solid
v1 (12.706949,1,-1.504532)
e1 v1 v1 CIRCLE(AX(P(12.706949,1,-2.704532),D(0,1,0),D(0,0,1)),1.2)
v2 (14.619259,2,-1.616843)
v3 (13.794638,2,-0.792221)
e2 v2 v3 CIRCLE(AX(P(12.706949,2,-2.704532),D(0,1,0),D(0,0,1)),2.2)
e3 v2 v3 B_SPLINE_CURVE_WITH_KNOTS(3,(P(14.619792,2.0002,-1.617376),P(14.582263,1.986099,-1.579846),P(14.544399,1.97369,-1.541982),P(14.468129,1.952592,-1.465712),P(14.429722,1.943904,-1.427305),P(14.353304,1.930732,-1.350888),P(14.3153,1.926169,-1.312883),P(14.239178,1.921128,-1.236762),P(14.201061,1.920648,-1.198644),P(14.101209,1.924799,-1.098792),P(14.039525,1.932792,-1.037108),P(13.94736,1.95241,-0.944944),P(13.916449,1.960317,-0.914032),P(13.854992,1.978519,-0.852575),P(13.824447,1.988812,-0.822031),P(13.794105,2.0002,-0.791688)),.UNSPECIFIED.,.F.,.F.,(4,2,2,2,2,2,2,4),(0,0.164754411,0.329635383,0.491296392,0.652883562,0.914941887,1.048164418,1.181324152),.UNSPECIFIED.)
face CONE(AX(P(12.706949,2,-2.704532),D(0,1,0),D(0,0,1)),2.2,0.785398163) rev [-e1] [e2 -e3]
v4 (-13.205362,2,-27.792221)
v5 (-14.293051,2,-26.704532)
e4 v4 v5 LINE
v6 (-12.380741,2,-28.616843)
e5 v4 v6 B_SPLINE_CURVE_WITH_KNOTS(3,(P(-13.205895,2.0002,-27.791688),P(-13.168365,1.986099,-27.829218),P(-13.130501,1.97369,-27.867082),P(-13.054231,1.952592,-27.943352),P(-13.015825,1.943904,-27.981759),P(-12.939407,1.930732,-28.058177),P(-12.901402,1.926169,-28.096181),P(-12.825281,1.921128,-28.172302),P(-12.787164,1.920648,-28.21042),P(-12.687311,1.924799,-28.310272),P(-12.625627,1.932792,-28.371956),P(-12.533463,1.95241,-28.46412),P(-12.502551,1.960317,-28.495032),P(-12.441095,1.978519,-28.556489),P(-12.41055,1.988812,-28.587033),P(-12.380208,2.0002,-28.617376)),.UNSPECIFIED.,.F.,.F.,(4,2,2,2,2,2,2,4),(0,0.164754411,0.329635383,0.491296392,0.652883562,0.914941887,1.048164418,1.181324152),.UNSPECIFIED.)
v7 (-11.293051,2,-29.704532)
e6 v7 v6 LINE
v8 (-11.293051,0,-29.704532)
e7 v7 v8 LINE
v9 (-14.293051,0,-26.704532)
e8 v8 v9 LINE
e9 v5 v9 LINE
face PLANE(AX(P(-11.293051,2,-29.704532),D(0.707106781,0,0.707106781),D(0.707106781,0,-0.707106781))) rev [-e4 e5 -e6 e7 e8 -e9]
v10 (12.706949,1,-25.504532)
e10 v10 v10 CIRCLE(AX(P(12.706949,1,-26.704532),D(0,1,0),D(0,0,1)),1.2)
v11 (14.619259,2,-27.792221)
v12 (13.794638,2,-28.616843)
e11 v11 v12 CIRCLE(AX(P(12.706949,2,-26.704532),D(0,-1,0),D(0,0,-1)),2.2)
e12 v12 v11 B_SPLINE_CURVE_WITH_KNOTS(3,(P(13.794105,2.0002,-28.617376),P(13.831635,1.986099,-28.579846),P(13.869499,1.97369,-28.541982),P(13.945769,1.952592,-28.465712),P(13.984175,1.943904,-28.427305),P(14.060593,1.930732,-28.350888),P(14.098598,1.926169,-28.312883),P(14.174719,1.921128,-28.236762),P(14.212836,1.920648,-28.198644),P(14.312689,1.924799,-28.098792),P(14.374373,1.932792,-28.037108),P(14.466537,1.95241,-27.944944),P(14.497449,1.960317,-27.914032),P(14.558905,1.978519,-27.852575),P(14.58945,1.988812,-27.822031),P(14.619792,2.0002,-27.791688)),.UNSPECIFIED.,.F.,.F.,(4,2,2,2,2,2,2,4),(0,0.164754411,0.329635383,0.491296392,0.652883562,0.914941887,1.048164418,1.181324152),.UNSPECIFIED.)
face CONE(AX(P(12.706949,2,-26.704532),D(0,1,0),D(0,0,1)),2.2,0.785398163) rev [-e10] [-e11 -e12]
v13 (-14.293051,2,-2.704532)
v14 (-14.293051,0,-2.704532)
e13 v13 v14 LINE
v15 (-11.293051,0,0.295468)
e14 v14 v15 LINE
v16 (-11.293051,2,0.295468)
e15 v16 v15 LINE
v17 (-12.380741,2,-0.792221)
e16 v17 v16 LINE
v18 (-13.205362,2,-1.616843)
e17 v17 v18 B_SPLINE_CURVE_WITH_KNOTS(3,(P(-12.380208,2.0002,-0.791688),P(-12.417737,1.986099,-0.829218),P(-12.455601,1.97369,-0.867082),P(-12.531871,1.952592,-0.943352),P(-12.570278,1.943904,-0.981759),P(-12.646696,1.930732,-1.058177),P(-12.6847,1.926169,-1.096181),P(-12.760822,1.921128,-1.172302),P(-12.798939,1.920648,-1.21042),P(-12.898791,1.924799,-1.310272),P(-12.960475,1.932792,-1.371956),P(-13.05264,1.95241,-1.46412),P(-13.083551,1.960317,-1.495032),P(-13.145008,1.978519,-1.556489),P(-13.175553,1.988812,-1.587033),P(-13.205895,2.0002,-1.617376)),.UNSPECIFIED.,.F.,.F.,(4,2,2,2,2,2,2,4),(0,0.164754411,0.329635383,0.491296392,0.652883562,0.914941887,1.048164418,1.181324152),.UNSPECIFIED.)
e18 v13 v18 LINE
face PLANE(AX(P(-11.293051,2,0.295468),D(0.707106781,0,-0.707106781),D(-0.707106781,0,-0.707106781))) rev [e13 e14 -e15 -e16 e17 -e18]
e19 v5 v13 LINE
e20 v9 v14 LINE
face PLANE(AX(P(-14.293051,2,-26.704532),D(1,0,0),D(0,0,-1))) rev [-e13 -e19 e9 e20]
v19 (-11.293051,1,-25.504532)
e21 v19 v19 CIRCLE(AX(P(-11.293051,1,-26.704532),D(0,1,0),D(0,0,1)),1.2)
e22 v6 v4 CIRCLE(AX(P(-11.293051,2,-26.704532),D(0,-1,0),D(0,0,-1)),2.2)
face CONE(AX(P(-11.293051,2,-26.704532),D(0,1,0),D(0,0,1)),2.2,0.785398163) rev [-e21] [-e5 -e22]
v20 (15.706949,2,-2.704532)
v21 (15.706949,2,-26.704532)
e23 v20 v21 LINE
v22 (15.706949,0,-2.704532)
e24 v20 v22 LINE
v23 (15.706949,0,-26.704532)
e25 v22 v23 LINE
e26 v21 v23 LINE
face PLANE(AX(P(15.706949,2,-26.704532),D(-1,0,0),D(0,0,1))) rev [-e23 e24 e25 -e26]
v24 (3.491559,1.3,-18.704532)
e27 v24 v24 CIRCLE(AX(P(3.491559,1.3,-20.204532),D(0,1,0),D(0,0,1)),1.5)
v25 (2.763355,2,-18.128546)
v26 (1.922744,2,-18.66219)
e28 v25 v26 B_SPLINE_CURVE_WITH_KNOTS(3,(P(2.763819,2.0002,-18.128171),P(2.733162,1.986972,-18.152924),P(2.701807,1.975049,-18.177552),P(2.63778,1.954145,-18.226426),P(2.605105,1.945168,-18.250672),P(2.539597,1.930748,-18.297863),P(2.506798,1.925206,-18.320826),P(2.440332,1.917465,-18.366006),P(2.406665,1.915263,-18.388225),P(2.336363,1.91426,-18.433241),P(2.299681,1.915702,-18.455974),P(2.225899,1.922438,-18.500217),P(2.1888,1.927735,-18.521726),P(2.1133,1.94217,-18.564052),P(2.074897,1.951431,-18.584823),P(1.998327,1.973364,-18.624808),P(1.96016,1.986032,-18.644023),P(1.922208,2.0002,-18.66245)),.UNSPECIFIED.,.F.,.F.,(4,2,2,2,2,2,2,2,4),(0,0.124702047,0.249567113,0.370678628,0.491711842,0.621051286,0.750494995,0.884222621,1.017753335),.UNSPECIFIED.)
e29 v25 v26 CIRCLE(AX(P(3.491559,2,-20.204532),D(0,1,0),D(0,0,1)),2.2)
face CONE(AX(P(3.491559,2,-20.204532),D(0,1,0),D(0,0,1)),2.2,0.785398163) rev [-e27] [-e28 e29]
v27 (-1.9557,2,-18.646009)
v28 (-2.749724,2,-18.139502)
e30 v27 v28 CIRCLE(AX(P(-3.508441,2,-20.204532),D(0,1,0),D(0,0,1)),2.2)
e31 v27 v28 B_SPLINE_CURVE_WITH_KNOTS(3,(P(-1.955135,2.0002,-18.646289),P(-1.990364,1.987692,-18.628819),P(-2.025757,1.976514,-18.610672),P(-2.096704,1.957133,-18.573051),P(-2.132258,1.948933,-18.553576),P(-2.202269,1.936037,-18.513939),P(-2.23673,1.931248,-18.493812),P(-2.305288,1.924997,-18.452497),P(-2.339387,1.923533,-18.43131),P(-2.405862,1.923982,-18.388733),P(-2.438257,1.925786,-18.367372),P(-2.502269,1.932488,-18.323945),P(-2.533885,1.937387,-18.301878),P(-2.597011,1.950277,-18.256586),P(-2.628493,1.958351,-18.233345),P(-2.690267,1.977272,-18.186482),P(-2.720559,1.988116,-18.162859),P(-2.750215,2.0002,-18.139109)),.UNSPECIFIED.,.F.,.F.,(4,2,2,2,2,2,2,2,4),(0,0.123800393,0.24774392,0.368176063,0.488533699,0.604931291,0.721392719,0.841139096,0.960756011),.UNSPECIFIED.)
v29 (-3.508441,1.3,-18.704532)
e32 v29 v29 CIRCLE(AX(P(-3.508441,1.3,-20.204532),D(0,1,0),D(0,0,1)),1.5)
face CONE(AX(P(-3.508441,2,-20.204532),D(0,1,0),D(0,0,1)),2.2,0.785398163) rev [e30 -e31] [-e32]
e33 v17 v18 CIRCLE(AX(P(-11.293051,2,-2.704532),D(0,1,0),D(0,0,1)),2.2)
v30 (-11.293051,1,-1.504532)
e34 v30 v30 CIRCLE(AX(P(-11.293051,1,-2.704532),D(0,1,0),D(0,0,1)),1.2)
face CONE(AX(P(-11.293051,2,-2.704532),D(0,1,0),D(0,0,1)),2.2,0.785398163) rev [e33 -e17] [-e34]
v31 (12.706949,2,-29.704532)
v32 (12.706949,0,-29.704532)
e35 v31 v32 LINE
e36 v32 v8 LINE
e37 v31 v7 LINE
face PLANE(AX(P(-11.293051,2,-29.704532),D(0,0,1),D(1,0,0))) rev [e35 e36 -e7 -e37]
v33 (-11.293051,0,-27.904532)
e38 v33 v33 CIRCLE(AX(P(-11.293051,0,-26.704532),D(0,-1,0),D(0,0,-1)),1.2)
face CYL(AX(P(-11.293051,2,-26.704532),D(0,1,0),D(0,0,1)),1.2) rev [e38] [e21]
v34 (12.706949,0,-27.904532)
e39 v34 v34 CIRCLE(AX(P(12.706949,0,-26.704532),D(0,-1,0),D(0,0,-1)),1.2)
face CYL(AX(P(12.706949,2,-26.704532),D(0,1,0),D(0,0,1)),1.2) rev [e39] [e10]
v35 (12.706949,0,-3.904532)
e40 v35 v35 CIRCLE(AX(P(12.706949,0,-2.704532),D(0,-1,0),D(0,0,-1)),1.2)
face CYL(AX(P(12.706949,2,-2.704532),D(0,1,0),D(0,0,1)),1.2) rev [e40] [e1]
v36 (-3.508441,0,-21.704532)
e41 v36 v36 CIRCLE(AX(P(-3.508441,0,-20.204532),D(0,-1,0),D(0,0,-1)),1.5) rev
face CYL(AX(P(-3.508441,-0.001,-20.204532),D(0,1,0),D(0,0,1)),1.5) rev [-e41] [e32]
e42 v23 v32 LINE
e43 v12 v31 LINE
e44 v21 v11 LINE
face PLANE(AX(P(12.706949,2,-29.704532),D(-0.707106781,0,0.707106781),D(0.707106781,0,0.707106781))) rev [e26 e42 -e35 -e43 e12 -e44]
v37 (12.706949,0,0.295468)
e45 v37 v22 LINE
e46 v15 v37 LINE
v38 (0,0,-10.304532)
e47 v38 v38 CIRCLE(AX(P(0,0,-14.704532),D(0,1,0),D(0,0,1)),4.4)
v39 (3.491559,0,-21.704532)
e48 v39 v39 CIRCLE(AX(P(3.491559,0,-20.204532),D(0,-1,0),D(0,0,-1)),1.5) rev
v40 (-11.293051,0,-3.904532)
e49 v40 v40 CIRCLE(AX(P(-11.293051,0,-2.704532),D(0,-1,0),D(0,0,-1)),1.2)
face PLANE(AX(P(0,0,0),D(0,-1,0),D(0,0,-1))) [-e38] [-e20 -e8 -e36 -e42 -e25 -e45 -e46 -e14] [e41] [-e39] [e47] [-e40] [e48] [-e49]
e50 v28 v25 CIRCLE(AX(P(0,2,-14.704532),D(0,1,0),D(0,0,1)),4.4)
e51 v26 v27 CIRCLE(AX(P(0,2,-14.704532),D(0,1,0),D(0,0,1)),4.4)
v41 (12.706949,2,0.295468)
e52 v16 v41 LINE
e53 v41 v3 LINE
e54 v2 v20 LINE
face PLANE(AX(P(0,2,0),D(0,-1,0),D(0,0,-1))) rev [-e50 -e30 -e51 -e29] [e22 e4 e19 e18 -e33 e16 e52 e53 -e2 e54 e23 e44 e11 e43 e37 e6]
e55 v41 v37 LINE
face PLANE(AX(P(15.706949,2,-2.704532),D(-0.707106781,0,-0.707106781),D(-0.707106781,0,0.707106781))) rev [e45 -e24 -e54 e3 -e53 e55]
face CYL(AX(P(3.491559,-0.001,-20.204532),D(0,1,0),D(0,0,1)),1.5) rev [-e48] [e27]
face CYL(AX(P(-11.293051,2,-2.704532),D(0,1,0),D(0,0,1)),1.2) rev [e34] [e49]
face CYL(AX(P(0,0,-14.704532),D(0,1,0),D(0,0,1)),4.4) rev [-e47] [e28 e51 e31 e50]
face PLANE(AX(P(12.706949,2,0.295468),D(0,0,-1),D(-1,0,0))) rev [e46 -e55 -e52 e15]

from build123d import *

# Parameters (mm, degrees)
BOSS_EXTRUDE1_DEPTH                             = 2
SKETCH2_R                                       = 4.4
CUT_EXTRUDE1_DEPTH                              = 34.661067402
CUT_EXTRUDE2_REACH                              = 35.661
SKETCH5_R                                       = 1.5
CSK_FOR_M2_FLAT_HEAD_MACHINE_SCREW1_D           = 2.4
CSK_FOR_M2_FLAT_HEAD_MACHINE_SCREW1_DEPTH       = 42.93
CSK_FOR_M2_FLAT_HEAD_MACHINE_SCREW1_CSINK_D     = 4.4
CSK_FOR_M2_FLAT_HEAD_MACHINE_SCREW1_CSINK_ANGLE = 90
CSK_FOR_M2_FLAT_HEAD_MACHINE_SCREW1_TIP         = 0.721032743
CSK_FOR_M2_FLAT_HEAD_MACHINE_SCREW2_D           = 2.4
CSK_FOR_M2_FLAT_HEAD_MACHINE_SCREW2_DEPTH       = 42.93
CSK_FOR_M2_FLAT_HEAD_MACHINE_SCREW2_CSINK_D     = 4.4
CSK_FOR_M2_FLAT_HEAD_MACHINE_SCREW2_CSINK_ANGLE = 90
CSK_FOR_M2_FLAT_HEAD_MACHINE_SCREW2_TIP         = 0.721032743


with BuildPart() as part:
    # Sketch1 → Boss-Extrude1 (new body)
    with BuildSketch(Plane(origin=(0, 0, 0), x_dir=(1, 0, 0), z_dir=(0, 1, 0))):
        Polygon((-11.293051345, 29.704532022), (12.706948655, 29.704532022), (15.706948655, 26.704532022), (15.706948655, 2.704532022), (12.706948655, -0.295467978), (-11.293051345, -0.295467978), (-14.293051345, 2.704532022), (-14.293051345, 26.704532022), align=None)
    extrude(amount=BOSS_EXTRUDE1_DEPTH)

    # Sketch2 → Cut-Extrude1 (cut, through all)
    with BuildSketch(Plane(origin=(0, 2, 0), x_dir=(1, 0, 0), z_dir=(0, 1, 0))):
        with Locations(Location((0, 14.704532022, 0), (0, 0, 270))):
            Circle(SKETCH2_R)
    extrude(amount=-CUT_EXTRUDE1_DEPTH, mode=Mode.SUBTRACT)

    # Sketch5 → Cut-Extrude2 (cut, up to next)
    with BuildSketch(Plane(origin=(0, 2, 0), x_dir=(1, 0, 0), z_dir=(0, 1, 0)), mode=Mode.PRIVATE) as cut_extrude2_sk1:
        with Locations(Location((-3.508440786, 20.204532022, 0), (0, 0, 270))):
            Circle(SKETCH5_R)
    cut_extrude2_tool1 = extrude(cut_extrude2_sk1.sketch, amount=-CUT_EXTRUDE2_REACH, mode=Mode.PRIVATE) & part.part
    # Sketch5 → Cut-Extrude2 (cut, up to next)
    with BuildSketch(Plane(origin=(0, 2, 0), x_dir=(1, 0, 0), z_dir=(0, 1, 0)), mode=Mode.PRIVATE) as cut_extrude2_sk2:
        with Locations(Location((3.491559214, 20.204532022, 0), (0, 0, 270))):
            Circle(SKETCH5_R)
    cut_extrude2_tool2 = extrude(cut_extrude2_sk2.sketch, amount=-CUT_EXTRUDE2_REACH, mode=Mode.PRIVATE) & part.part
    add(cut_extrude2_tool1.solids().sort_by_distance((-3.508441, 2, -20.204532))[0], mode=Mode.SUBTRACT)
    add(cut_extrude2_tool2.solids().sort_by_distance((3.491559, 2, -20.204532))[0], mode=Mode.SUBTRACT)

    # CSK for M2 Flat Head Machine Screw1
    with Locations(Plane(origin=(-3.508440786, 2, -20.204532022), x_dir=(0, 0, 1), z_dir=(0, 1, 0))):
        with Locations((0, 0), (0, 7)):
            CounterSinkHole(CSK_FOR_M2_FLAT_HEAD_MACHINE_SCREW1_D / 2, CSK_FOR_M2_FLAT_HEAD_MACHINE_SCREW1_CSINK_D / 2, depth=CSK_FOR_M2_FLAT_HEAD_MACHINE_SCREW1_DEPTH, counter_sink_angle=CSK_FOR_M2_FLAT_HEAD_MACHINE_SCREW1_CSINK_ANGLE)
            with Locations((0, 0, -(CSK_FOR_M2_FLAT_HEAD_MACHINE_SCREW1_DEPTH + CSK_FOR_M2_FLAT_HEAD_MACHINE_SCREW1_TIP / 2))):  # 118° drill point
                Cone(0, CSK_FOR_M2_FLAT_HEAD_MACHINE_SCREW1_D / 2, CSK_FOR_M2_FLAT_HEAD_MACHINE_SCREW1_TIP, mode=Mode.SUBTRACT)

    # CSK for M2 Flat Head Machine Screw2
    with Locations(Plane(origin=(0, 2, 0), x_dir=(1, 0, 0), z_dir=(0, 1, 0))):
        with Locations((-11.293051345, 26.704532022), (-11.293051345, 2.704532022), (12.706948655, 26.704532022), (12.706948655, 2.704532022)):
            CounterSinkHole(CSK_FOR_M2_FLAT_HEAD_MACHINE_SCREW2_D / 2, CSK_FOR_M2_FLAT_HEAD_MACHINE_SCREW2_CSINK_D / 2, depth=CSK_FOR_M2_FLAT_HEAD_MACHINE_SCREW2_DEPTH, counter_sink_angle=CSK_FOR_M2_FLAT_HEAD_MACHINE_SCREW2_CSINK_ANGLE)
            with Locations((0, 0, -(CSK_FOR_M2_FLAT_HEAD_MACHINE_SCREW2_DEPTH + CSK_FOR_M2_FLAT_HEAD_MACHINE_SCREW2_TIP / 2))):  # 118° drill point
                Cone(0, CSK_FOR_M2_FLAT_HEAD_MACHINE_SCREW2_D / 2, CSK_FOR_M2_FLAT_HEAD_MACHINE_SCREW2_TIP, mode=Mode.SUBTRACT)


solid = part.part
